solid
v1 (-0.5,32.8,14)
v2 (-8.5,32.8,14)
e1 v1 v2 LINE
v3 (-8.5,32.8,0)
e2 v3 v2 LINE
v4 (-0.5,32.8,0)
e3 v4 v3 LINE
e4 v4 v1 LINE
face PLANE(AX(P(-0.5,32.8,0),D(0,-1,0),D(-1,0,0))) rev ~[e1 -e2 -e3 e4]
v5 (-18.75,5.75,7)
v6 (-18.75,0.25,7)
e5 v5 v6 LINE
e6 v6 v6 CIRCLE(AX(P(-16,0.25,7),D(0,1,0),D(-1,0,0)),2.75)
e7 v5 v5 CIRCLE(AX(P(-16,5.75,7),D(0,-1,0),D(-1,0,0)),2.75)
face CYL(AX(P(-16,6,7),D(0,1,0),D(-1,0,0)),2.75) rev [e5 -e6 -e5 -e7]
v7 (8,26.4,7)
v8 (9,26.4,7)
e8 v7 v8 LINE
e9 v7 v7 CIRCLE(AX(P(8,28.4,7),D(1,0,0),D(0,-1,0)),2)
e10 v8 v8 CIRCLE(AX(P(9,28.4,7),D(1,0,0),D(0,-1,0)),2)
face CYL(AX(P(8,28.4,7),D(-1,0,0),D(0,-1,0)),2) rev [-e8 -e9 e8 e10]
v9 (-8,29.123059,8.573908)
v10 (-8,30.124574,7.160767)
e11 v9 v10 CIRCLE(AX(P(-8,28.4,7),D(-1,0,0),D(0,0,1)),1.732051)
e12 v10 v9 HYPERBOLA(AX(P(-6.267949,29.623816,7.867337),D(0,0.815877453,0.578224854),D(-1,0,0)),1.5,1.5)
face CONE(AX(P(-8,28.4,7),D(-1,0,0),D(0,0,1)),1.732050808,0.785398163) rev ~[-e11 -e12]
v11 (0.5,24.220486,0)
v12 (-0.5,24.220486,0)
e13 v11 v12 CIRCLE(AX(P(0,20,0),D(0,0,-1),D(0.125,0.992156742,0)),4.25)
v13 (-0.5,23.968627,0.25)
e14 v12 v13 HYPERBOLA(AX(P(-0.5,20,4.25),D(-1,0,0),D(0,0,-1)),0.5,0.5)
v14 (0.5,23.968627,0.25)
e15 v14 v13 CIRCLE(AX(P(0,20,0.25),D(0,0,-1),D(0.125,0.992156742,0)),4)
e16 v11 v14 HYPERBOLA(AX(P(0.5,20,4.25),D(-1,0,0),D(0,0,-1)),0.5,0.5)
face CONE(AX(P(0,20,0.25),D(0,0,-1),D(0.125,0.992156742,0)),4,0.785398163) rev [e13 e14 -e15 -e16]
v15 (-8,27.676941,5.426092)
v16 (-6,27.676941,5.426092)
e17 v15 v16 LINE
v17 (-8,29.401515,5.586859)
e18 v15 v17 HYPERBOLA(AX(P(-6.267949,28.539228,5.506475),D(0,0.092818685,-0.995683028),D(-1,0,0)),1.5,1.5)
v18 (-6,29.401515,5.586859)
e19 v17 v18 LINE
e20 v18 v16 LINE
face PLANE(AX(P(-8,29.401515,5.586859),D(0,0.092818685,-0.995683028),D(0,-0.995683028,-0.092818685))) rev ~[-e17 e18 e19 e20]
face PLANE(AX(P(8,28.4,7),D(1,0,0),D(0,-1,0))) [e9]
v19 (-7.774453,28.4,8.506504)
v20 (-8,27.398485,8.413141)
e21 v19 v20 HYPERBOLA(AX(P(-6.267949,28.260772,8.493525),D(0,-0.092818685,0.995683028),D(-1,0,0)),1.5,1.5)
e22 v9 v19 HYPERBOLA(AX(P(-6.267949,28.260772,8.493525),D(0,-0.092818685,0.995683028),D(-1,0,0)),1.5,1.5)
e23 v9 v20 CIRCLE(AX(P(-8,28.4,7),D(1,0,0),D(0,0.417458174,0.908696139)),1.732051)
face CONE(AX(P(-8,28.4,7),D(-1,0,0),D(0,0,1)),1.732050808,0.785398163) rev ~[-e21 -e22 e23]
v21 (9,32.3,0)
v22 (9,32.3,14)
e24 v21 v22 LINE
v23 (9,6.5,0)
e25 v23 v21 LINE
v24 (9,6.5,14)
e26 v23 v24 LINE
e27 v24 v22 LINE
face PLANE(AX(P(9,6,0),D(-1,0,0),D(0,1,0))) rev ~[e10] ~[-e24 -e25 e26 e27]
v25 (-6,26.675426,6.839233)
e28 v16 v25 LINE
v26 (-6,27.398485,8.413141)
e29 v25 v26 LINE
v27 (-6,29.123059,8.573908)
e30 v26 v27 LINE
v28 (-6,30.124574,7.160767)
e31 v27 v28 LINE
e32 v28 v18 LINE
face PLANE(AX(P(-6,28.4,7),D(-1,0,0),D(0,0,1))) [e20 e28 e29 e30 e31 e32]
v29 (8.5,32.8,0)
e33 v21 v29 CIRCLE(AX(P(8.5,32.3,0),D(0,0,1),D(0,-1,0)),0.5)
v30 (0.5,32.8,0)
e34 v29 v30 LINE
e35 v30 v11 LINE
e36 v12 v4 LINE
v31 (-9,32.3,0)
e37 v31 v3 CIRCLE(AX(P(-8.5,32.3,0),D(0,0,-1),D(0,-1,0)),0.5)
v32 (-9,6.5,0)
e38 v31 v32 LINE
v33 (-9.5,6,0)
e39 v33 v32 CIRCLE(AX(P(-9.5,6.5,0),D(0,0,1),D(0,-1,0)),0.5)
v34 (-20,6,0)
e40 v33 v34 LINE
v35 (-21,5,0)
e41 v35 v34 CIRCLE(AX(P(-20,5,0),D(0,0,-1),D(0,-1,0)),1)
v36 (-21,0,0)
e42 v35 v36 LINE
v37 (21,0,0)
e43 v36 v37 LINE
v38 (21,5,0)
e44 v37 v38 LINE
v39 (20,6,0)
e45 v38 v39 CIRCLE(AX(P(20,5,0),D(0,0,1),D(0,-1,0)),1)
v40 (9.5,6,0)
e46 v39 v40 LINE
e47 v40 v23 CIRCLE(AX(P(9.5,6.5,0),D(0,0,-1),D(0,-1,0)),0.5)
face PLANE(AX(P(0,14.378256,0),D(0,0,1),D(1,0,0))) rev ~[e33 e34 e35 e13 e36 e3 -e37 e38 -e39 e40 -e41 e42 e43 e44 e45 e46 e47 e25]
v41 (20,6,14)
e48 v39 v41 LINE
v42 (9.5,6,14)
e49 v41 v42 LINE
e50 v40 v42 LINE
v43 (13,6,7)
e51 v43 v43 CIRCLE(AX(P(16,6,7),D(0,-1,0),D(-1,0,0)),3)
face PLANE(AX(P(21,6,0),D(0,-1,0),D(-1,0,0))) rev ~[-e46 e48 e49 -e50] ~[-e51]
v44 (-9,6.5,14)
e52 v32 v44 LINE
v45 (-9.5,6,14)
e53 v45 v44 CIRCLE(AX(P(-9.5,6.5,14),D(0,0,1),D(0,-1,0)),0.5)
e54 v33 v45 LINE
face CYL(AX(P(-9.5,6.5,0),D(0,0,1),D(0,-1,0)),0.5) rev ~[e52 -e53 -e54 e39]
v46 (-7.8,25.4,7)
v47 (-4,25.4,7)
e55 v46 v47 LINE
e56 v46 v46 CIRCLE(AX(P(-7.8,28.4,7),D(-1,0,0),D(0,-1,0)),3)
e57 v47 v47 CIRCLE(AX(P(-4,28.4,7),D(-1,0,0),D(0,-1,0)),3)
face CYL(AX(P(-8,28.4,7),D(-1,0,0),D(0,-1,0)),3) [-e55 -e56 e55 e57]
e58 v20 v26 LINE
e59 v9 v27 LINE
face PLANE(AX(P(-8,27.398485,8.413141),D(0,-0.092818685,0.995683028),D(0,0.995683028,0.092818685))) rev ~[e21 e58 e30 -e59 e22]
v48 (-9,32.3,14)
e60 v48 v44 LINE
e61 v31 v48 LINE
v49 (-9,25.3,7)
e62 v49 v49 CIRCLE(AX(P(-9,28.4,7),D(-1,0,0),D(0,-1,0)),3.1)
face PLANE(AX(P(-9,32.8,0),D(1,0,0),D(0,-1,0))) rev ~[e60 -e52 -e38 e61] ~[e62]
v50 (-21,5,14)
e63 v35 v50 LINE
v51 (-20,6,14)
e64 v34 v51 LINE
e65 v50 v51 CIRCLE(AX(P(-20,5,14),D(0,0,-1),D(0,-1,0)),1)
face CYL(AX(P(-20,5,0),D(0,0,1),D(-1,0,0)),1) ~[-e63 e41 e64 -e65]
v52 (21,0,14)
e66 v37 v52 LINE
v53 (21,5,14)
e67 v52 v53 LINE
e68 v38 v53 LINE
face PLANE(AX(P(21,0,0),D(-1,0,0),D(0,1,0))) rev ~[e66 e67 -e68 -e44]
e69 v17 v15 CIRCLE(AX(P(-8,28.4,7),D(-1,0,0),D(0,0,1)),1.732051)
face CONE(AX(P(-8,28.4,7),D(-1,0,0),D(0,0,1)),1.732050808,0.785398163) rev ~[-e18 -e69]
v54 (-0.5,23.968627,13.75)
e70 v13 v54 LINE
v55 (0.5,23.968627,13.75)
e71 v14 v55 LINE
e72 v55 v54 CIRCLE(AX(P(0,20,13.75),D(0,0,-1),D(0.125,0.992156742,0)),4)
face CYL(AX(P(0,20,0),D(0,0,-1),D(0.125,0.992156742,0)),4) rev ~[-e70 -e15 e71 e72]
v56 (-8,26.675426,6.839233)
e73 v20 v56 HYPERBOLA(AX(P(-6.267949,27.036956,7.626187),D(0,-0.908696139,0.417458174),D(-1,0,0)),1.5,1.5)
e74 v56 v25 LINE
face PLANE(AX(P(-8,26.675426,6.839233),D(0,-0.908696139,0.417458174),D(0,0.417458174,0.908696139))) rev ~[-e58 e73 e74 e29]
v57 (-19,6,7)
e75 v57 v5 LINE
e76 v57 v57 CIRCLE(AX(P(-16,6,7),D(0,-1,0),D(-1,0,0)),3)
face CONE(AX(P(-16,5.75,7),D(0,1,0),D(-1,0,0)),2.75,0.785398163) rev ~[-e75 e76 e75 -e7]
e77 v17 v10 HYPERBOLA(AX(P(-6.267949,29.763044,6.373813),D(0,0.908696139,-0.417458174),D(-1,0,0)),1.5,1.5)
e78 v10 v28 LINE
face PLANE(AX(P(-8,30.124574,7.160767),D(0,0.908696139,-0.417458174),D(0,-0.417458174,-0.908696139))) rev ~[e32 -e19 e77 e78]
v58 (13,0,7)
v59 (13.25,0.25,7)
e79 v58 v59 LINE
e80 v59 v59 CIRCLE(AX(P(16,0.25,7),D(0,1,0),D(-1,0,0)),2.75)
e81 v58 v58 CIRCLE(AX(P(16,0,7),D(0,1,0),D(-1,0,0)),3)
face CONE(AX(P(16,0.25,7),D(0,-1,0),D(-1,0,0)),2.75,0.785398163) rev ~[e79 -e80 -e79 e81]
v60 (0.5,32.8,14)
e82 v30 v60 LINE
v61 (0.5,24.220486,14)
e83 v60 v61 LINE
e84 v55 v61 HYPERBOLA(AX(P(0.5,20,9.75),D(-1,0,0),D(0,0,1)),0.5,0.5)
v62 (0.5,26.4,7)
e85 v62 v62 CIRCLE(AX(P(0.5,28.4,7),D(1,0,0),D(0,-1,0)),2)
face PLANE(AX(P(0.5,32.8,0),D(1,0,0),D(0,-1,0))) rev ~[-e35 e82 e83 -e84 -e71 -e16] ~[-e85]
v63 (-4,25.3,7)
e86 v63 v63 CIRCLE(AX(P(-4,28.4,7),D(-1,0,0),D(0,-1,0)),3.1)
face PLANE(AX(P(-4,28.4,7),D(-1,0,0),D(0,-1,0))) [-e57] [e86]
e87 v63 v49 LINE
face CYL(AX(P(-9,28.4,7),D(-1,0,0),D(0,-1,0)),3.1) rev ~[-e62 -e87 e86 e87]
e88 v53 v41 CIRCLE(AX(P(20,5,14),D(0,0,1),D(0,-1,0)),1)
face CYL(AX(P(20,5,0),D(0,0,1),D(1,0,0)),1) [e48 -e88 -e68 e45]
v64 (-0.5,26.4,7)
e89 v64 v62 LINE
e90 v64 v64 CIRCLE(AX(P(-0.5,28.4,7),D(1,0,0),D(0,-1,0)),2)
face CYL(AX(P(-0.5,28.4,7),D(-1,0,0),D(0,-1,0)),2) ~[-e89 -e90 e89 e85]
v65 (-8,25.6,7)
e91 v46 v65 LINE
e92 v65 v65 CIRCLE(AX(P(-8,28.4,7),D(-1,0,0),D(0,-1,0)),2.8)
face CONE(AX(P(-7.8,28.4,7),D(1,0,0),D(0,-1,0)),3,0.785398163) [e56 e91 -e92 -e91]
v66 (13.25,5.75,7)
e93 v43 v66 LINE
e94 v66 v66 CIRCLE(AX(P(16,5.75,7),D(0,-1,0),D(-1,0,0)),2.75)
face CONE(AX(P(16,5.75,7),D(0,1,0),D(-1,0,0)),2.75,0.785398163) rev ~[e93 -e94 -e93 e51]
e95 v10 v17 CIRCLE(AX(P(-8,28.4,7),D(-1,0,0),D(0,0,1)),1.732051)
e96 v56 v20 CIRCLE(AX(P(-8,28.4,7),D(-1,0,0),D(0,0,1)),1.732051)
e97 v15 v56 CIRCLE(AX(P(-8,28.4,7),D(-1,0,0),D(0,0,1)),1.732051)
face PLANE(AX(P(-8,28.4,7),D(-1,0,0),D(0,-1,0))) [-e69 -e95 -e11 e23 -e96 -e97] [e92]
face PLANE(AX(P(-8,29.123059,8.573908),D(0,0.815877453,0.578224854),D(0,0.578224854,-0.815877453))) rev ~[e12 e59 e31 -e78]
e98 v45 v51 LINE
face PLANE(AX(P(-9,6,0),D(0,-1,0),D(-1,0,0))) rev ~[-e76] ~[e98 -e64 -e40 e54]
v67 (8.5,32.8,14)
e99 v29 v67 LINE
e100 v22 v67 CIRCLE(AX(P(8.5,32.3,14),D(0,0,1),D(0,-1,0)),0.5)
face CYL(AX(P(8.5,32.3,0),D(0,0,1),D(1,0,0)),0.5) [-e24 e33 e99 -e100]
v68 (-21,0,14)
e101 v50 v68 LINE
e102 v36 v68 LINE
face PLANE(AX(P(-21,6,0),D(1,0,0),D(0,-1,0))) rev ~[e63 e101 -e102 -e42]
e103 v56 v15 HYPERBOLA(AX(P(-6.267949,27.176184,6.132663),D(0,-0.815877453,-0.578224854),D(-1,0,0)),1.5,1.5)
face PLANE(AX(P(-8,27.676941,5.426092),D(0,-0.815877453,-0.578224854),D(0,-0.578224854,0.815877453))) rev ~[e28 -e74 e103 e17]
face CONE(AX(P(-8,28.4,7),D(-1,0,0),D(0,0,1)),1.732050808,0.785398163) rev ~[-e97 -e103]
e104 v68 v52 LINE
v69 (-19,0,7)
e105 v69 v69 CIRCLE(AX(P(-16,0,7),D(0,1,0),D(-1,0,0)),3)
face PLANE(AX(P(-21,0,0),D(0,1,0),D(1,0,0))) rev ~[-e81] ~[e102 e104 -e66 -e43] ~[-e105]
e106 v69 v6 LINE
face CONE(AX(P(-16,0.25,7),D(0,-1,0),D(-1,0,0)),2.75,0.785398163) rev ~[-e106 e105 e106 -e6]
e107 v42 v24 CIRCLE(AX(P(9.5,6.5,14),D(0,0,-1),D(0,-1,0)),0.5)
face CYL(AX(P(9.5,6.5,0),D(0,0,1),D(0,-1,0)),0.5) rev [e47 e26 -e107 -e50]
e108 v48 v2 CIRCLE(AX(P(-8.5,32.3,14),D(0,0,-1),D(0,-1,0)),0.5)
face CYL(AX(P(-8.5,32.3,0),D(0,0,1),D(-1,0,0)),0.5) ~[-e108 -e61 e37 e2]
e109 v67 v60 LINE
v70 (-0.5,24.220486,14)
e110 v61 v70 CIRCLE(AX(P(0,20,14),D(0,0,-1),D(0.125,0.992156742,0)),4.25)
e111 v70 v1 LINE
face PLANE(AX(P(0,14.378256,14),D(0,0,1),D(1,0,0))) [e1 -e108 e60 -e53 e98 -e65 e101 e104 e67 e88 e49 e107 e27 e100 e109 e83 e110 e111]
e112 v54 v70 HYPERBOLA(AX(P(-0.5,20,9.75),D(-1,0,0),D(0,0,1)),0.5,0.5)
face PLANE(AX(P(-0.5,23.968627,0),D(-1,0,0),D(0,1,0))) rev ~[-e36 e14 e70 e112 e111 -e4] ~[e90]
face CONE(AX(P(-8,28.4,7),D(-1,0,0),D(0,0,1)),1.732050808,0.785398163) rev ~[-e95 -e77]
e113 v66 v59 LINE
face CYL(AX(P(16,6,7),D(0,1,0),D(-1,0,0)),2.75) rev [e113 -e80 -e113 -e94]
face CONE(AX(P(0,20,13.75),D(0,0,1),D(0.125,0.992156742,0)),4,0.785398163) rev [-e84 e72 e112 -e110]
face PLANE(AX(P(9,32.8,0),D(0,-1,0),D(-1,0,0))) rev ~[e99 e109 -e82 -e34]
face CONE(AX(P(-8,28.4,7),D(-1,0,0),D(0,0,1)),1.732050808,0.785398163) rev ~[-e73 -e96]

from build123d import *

# Parameters (mm, degrees)
BOSS_EXTRUDE1_DEPTH     = 14
CUT_EXTRUDE1_DEPTH      = 42.386471219
CUT_EXTRUDE1_DEPTH_BACK = 6
SKETCH3_R               = 2.75
FILLET1_R               = 1
FILLET2_R               = 0.5
CHAMFER1_SIZE           = 0.25
SKETCH4_R               = 3.1
CUT_EXTRUDE2_DEPTH      = 1
SKETCH5_R               = 3.1
SKETCH5_R_2             = 3
CUT_EXTRUDE3_DEPTH      = 4
CHAMFER2_SIZE           = 0.2
CUT_EXTRUDE4_DEPTH      = 2
SKETCH7_R               = 2
BOSS_EXTRUDE2_DEPTH     = 1
CUT_EXTRUDE5_START      = -1
SKETCH8_R               = 2
CUT_EXTRUDE5_DEPTH      = 1
SKETCH9_R               = 1.732050808
CUT_EXTRUDE6_DEPTH      = 1
CUT_EXTRUDE6_DRAFT      = -45


with BuildPart() as part:
    # Sketch1 → Boss-Extrude1 (new body)
    with BuildSketch(Plane.XY):
        with BuildLine():
            Line((-21, 0), (21, 0))
            Line((21, 0), (21, 6))
            Line((21, 6), (9, 6))
            Line((9, 6), (9, 32.8))
            Line((9, 32.8), (0.5, 32.8))
            Line((0.5, 32.8), (0.5, 23.968626967))
            ThreePointArc((0.5, 23.968626967), (0, 16), (-0.5, 23.968626967))
            Line((-0.5, 23.968626967), (-0.5, 32.8))
            Line((-0.5, 32.8), (-9, 32.8))
            Line((-9, 32.8), (-9, 6))
            Line((-9, 6), (-21, 6))
            Line((-21, 6), (-21, 0))
        make_face()
    extrude(amount=BOSS_EXTRUDE1_DEPTH)

    # Sketch3 → Cut-Extrude1 (cut, two sides: drawn at the far end of the back side and taken through both)
    with BuildSketch(Plane.XZ.offset(-CUT_EXTRUDE1_DEPTH_BACK)):
        with Locations(Location((-16, 7, 0), (0, 0, 180))):
            Circle(SKETCH3_R)
        with Locations(Location((16, 7, 0), (0, 0, 180))):
            Circle(SKETCH3_R)
    extrude(amount=CUT_EXTRUDE1_DEPTH + CUT_EXTRUDE1_DEPTH_BACK, mode=Mode.SUBTRACT)

    # Fillet1
    fillet1_edges = [part.edges().sort_by_distance(p)[0] for p in [
        (-21, 6, 7),
        (21, 6, 7),
    ]]
    fillet(fillet1_edges, radius=FILLET1_R)

    # Fillet2
    fillet2_edges = [part.edges().sort_by_distance(p)[0] for p in [
        (-9, 6, 7),
        (-9, 32.8, 7),
        (9, 32.8, 7),
        (9, 6, 7),
    ]]
    fillet(fillet2_edges, radius=FILLET2_R)

    # Chamfer1
    chamfer1_edges = [part.edges().sort_by_distance(p)[0] for p in [
        (0, 16, 0),
        (0, 16, 14),
        (18.75, 6, 7),
        (18.75, 0, 7),
        (-13.25, 6, 7),
        (-13.25, 0, 7),
    ]]
    chamfer(chamfer1_edges, length=CHAMFER1_SIZE)

    # Sketch4 → Cut-Extrude2 (cut)
    with BuildSketch(Plane.ZY.offset(9)):
        with Locations(Location((7, 28.4, 0), (0, 0, 270))):
            Circle(SKETCH4_R)
    extrude(amount=-CUT_EXTRUDE2_DEPTH, mode=Mode.SUBTRACT)

    # Sketch5 → Cut-Extrude3 (cut)
    with BuildSketch(Plane.ZY.offset(8)):
        with Locations(Location((7, 28.4, 0), (0, 0, 270))):
            Circle(SKETCH5_R)
        with Locations(Location((7, 28.4, 0), (0, 0, 270))):
            Circle(SKETCH5_R_2, mode=Mode.SUBTRACT)
    extrude(amount=-CUT_EXTRUDE3_DEPTH, mode=Mode.SUBTRACT)

    # Chamfer2
    chamfer2_edges = [part.edges().sort_by_distance(p)[0] for p in [
        (-8, 31.4, 7),
    ]]
    chamfer(chamfer2_edges, length=CHAMFER2_SIZE)

    # Sketch6 → Cut-Extrude4 (cut)
    with BuildSketch(Plane.ZY.offset(8)):
        Polygon((7.16076668, 30.124573592), (5.586858798, 29.401514825), (5.426092119, 27.676941233), (6.83923332, 26.675426408), (8.413141202, 27.398485175), (8.573907881, 29.123058767), align=None)
    extrude(amount=-CUT_EXTRUDE4_DEPTH, mode=Mode.SUBTRACT)

    # Sketch7 → Boss-Extrude2 (add)
    with BuildSketch(Plane(origin=(-0.5, 0, 0), x_dir=(0, 0, -1), z_dir=(1, 0, 0))):
        with Locations(Location((-7, 28.4, 0), (0, 0, 270))):
            Circle(SKETCH7_R)
    extrude(amount=BOSS_EXTRUDE2_DEPTH)

    # Sketch8 → Cut-Extrude5 (cut)
    with BuildSketch(Plane(origin=(9, 0, 0), x_dir=(0, 0, -1), z_dir=(1, 0, 0)).offset(CUT_EXTRUDE5_START)):
        with Locations(Location((-7, 28.4, 0), (0, 0, 270))):
            Circle(SKETCH8_R)
    extrude(amount=CUT_EXTRUDE5_DEPTH, mode=Mode.SUBTRACT)


with BuildPart() as cut_extrude6_tool:
    # Sketch9 → Cut-Extrude6 (with draft: the straight prism first)
    with BuildSketch(Plane.ZY.offset(8)):
        with Locations((7, 28.4)):
            Circle(SKETCH9_R)
    extrude(amount=-CUT_EXTRUDE6_DEPTH)
    # Cut-Extrude6: the draft: its side faces are tilted about the plane it starts from
    cut_extrude6_sides = [cut_extrude6_tool.faces().sort_by_distance(p)[0] for p in [
        (-7.5, 28.4, 5.267949192),
    ]]
    draft(cut_extrude6_sides, Plane.ZY.offset(8), CUT_EXTRUDE6_DRAFT)


with BuildPart() as part_1:
    add(part.part)

    # Cut-Extrude6: cut by cut_extrude6_tool
    add(cut_extrude6_tool.part, mode=Mode.SUBTRACT)


solid = part_1.part
